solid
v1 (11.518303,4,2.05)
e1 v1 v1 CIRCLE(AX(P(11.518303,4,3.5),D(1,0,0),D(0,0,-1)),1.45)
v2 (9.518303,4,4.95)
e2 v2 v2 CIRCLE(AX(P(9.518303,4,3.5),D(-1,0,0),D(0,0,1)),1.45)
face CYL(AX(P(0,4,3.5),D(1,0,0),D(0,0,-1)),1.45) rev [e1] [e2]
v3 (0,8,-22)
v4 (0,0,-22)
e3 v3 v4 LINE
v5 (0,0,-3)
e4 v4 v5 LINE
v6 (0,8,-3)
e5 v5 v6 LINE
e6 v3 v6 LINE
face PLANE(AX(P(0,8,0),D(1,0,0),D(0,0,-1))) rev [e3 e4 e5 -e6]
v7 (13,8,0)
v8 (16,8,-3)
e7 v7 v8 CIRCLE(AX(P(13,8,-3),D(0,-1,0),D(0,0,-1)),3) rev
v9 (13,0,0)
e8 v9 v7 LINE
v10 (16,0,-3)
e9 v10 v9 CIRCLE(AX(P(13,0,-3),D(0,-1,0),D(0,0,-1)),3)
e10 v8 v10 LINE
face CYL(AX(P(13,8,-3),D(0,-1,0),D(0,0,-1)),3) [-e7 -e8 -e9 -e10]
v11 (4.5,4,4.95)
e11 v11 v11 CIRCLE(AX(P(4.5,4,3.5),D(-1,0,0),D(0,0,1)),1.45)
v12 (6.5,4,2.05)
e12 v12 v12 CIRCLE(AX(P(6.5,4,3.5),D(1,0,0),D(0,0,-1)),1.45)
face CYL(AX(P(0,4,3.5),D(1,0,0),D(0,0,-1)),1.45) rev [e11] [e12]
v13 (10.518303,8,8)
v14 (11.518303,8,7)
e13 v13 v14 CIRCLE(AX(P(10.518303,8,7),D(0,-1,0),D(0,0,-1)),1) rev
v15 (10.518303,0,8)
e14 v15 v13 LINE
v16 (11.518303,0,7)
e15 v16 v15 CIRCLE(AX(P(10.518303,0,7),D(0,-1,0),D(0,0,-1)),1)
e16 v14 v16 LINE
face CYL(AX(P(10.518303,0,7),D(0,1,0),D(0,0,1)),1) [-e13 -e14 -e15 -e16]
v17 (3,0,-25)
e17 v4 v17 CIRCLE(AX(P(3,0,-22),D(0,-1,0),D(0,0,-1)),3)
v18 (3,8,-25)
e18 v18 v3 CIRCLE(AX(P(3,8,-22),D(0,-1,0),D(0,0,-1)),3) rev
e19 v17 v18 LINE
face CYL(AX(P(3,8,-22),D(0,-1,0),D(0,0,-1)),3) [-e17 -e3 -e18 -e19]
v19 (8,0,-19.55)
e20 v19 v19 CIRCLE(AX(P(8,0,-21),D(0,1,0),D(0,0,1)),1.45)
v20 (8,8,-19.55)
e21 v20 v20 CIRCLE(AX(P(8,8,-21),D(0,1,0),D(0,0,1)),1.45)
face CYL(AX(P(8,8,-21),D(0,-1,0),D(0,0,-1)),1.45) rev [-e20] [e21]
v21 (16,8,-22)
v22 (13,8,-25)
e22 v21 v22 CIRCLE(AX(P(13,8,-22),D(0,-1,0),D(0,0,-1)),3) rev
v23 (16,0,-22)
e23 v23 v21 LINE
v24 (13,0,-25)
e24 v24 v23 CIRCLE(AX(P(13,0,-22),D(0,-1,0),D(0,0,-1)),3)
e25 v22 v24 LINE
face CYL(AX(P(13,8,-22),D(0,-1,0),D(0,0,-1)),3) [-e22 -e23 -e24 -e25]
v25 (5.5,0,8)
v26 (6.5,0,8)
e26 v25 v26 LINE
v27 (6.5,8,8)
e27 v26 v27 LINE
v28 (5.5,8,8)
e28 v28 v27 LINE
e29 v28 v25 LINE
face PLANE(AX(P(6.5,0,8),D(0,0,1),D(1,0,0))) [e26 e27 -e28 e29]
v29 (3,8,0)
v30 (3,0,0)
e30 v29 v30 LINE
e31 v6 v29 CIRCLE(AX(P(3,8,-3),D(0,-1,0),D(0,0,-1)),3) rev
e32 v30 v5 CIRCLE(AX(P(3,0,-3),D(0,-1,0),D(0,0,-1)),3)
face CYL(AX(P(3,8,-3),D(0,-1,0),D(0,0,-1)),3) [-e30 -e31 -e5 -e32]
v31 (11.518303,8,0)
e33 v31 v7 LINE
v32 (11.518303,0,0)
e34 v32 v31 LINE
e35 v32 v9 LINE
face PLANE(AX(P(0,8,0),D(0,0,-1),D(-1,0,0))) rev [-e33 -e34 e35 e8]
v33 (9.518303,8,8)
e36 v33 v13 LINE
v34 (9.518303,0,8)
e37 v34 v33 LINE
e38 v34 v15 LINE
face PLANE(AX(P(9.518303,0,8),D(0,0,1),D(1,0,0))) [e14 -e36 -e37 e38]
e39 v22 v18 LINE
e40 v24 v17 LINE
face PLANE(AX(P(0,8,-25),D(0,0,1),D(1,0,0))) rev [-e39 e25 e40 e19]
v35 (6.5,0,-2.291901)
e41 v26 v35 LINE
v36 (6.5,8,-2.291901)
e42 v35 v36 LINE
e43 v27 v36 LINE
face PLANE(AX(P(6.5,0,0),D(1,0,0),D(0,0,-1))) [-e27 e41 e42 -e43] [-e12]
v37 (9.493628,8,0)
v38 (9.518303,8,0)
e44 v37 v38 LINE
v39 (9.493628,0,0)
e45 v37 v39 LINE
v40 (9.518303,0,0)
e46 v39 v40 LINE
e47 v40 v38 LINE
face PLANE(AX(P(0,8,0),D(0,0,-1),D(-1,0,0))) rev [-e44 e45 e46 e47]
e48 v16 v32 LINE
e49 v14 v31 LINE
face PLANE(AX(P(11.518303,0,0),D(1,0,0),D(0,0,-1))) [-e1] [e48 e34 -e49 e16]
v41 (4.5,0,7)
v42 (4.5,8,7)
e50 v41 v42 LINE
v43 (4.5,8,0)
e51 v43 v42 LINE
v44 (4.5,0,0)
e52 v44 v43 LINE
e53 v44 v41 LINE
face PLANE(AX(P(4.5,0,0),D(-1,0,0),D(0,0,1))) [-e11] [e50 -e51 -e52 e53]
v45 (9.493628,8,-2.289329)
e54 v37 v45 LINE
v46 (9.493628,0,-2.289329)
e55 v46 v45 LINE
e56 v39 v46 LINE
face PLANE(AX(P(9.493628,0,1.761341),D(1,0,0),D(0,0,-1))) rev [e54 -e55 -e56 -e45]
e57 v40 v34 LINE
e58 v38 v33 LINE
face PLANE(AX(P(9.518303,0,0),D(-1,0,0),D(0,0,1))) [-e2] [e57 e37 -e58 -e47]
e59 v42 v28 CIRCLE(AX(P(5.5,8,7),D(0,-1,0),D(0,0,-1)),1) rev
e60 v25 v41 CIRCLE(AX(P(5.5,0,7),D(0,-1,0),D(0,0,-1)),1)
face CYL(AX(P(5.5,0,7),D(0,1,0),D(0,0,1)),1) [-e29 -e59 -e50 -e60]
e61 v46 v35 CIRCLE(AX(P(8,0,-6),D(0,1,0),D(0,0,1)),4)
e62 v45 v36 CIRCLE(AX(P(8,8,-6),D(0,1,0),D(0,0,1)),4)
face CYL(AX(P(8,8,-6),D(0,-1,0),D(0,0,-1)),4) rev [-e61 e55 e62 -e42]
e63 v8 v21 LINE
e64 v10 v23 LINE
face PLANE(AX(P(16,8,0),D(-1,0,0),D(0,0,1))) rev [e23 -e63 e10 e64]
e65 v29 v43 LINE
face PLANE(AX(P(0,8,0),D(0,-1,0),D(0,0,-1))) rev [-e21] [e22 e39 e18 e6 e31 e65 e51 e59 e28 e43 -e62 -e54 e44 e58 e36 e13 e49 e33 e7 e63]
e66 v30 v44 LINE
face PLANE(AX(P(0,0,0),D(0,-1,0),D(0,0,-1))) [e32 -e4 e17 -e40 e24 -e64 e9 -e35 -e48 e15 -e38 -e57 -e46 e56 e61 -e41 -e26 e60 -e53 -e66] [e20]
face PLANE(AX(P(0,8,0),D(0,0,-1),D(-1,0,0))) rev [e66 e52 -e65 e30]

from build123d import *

# Parameters (mm, degrees)
SKETCH1_W           = 16
SKETCH1_H           = 25
SKETCH1_R           = 1.45
SKETCH1_R_2         = 4
BOSS_EXTRUDE1_DEPTH = 8
FILLET1_R           = 3
SKETCH2_W           = 2
SKETCH2_H           = 8
BOSS_EXTRUDE2_DEPTH = 8
FILLET2_R           = 1
FILLET3_R           = 1
CUT_EXTRUDE1_DEPTH  = 31.740852298
SKETCH5_R           = 1.45
CUT_EXTRUDE3_DEPTH  = 29.664809327


with BuildPart() as part:
    # Sketch1 → Boss-Extrude1 (new body)
    with BuildSketch(Plane(origin=(0, 0, 0), x_dir=(1, 0, 0), z_dir=(0, 1, 0))):
        with Locations((8, 12.5)):
            Rectangle(SKETCH1_W, SKETCH1_H)
        with Locations(Location((8, 21, 0), (0, 0, 270))):
            Circle(SKETCH1_R, mode=Mode.SUBTRACT)
        with Locations(Location((8, 6, 0), (0, 0, 270))):
            Circle(SKETCH1_R_2, mode=Mode.SUBTRACT)
    extrude(amount=BOSS_EXTRUDE1_DEPTH)

    # Fillet1
    fillet1_edges = [part.edges().sort_by_distance(p)[0] for p in [
        (0, 4, -25),
        (16, 4, -25),
        (16, 4, 0),
        (0, 4, 0),
    ]]
    fillet(fillet1_edges, radius=FILLET1_R)

    # Sketch2 → Boss-Extrude2 (add, through all)
    with BuildSketch(Plane(origin=(0, 8, 0), x_dir=(1, 0, 0), z_dir=(0, 1, 0))):
        with Locations((5.5, -4)):
            Rectangle(SKETCH2_W, SKETCH2_H)
        with Locations((10.518302555, -4)):
            Rectangle(SKETCH2_W, SKETCH2_H)
    extrude(amount=-BOSS_EXTRUDE2_DEPTH)

    # Fillet2
    fillet2_edges = [part.edges().sort_by_distance(p)[0] for p in [
        (4.5, 4, 8),
    ]]
    fillet(fillet2_edges, radius=FILLET2_R)

    # Fillet3
    fillet3_edges = [part.edges().sort_by_distance(p)[0] for p in [
        (11.518302555, 4, 8),
    ]]
    fillet(fillet3_edges, radius=FILLET3_R)

    # Sketch3 → Cut-Extrude1 (cut, through all)
    with BuildSketch(Plane(origin=(0, 8, 0), x_dir=(1, 0, 0), z_dir=(0, 1, 0))):
        with BuildLine():
            Line((6.5, 2.291900756), (6.5, -1.76134076))
            Line((6.5, -1.76134076), (9.493627756, -1.76134076))
            Line((9.493627756, -1.76134076), (9.493627756, 2.289329423))
            ThreePointArc((9.493627756, 2.289329423), (7.996564259, 2.000001476), (6.5, 2.291900756))
        make_face()
    extrude(amount=-CUT_EXTRUDE1_DEPTH, mode=Mode.SUBTRACT)

    # Sketch5 → Cut-Extrude3 (cut, through all)
    with BuildSketch(Plane(origin=(11.518302555, 0, 0), x_dir=(0, 0, -1), z_dir=(1, 0, 0))):
        with Locations((-3.5, 4)):
            Circle(SKETCH5_R)
    extrude(amount=-CUT_EXTRUDE3_DEPTH, mode=Mode.SUBTRACT)


solid = part.part
